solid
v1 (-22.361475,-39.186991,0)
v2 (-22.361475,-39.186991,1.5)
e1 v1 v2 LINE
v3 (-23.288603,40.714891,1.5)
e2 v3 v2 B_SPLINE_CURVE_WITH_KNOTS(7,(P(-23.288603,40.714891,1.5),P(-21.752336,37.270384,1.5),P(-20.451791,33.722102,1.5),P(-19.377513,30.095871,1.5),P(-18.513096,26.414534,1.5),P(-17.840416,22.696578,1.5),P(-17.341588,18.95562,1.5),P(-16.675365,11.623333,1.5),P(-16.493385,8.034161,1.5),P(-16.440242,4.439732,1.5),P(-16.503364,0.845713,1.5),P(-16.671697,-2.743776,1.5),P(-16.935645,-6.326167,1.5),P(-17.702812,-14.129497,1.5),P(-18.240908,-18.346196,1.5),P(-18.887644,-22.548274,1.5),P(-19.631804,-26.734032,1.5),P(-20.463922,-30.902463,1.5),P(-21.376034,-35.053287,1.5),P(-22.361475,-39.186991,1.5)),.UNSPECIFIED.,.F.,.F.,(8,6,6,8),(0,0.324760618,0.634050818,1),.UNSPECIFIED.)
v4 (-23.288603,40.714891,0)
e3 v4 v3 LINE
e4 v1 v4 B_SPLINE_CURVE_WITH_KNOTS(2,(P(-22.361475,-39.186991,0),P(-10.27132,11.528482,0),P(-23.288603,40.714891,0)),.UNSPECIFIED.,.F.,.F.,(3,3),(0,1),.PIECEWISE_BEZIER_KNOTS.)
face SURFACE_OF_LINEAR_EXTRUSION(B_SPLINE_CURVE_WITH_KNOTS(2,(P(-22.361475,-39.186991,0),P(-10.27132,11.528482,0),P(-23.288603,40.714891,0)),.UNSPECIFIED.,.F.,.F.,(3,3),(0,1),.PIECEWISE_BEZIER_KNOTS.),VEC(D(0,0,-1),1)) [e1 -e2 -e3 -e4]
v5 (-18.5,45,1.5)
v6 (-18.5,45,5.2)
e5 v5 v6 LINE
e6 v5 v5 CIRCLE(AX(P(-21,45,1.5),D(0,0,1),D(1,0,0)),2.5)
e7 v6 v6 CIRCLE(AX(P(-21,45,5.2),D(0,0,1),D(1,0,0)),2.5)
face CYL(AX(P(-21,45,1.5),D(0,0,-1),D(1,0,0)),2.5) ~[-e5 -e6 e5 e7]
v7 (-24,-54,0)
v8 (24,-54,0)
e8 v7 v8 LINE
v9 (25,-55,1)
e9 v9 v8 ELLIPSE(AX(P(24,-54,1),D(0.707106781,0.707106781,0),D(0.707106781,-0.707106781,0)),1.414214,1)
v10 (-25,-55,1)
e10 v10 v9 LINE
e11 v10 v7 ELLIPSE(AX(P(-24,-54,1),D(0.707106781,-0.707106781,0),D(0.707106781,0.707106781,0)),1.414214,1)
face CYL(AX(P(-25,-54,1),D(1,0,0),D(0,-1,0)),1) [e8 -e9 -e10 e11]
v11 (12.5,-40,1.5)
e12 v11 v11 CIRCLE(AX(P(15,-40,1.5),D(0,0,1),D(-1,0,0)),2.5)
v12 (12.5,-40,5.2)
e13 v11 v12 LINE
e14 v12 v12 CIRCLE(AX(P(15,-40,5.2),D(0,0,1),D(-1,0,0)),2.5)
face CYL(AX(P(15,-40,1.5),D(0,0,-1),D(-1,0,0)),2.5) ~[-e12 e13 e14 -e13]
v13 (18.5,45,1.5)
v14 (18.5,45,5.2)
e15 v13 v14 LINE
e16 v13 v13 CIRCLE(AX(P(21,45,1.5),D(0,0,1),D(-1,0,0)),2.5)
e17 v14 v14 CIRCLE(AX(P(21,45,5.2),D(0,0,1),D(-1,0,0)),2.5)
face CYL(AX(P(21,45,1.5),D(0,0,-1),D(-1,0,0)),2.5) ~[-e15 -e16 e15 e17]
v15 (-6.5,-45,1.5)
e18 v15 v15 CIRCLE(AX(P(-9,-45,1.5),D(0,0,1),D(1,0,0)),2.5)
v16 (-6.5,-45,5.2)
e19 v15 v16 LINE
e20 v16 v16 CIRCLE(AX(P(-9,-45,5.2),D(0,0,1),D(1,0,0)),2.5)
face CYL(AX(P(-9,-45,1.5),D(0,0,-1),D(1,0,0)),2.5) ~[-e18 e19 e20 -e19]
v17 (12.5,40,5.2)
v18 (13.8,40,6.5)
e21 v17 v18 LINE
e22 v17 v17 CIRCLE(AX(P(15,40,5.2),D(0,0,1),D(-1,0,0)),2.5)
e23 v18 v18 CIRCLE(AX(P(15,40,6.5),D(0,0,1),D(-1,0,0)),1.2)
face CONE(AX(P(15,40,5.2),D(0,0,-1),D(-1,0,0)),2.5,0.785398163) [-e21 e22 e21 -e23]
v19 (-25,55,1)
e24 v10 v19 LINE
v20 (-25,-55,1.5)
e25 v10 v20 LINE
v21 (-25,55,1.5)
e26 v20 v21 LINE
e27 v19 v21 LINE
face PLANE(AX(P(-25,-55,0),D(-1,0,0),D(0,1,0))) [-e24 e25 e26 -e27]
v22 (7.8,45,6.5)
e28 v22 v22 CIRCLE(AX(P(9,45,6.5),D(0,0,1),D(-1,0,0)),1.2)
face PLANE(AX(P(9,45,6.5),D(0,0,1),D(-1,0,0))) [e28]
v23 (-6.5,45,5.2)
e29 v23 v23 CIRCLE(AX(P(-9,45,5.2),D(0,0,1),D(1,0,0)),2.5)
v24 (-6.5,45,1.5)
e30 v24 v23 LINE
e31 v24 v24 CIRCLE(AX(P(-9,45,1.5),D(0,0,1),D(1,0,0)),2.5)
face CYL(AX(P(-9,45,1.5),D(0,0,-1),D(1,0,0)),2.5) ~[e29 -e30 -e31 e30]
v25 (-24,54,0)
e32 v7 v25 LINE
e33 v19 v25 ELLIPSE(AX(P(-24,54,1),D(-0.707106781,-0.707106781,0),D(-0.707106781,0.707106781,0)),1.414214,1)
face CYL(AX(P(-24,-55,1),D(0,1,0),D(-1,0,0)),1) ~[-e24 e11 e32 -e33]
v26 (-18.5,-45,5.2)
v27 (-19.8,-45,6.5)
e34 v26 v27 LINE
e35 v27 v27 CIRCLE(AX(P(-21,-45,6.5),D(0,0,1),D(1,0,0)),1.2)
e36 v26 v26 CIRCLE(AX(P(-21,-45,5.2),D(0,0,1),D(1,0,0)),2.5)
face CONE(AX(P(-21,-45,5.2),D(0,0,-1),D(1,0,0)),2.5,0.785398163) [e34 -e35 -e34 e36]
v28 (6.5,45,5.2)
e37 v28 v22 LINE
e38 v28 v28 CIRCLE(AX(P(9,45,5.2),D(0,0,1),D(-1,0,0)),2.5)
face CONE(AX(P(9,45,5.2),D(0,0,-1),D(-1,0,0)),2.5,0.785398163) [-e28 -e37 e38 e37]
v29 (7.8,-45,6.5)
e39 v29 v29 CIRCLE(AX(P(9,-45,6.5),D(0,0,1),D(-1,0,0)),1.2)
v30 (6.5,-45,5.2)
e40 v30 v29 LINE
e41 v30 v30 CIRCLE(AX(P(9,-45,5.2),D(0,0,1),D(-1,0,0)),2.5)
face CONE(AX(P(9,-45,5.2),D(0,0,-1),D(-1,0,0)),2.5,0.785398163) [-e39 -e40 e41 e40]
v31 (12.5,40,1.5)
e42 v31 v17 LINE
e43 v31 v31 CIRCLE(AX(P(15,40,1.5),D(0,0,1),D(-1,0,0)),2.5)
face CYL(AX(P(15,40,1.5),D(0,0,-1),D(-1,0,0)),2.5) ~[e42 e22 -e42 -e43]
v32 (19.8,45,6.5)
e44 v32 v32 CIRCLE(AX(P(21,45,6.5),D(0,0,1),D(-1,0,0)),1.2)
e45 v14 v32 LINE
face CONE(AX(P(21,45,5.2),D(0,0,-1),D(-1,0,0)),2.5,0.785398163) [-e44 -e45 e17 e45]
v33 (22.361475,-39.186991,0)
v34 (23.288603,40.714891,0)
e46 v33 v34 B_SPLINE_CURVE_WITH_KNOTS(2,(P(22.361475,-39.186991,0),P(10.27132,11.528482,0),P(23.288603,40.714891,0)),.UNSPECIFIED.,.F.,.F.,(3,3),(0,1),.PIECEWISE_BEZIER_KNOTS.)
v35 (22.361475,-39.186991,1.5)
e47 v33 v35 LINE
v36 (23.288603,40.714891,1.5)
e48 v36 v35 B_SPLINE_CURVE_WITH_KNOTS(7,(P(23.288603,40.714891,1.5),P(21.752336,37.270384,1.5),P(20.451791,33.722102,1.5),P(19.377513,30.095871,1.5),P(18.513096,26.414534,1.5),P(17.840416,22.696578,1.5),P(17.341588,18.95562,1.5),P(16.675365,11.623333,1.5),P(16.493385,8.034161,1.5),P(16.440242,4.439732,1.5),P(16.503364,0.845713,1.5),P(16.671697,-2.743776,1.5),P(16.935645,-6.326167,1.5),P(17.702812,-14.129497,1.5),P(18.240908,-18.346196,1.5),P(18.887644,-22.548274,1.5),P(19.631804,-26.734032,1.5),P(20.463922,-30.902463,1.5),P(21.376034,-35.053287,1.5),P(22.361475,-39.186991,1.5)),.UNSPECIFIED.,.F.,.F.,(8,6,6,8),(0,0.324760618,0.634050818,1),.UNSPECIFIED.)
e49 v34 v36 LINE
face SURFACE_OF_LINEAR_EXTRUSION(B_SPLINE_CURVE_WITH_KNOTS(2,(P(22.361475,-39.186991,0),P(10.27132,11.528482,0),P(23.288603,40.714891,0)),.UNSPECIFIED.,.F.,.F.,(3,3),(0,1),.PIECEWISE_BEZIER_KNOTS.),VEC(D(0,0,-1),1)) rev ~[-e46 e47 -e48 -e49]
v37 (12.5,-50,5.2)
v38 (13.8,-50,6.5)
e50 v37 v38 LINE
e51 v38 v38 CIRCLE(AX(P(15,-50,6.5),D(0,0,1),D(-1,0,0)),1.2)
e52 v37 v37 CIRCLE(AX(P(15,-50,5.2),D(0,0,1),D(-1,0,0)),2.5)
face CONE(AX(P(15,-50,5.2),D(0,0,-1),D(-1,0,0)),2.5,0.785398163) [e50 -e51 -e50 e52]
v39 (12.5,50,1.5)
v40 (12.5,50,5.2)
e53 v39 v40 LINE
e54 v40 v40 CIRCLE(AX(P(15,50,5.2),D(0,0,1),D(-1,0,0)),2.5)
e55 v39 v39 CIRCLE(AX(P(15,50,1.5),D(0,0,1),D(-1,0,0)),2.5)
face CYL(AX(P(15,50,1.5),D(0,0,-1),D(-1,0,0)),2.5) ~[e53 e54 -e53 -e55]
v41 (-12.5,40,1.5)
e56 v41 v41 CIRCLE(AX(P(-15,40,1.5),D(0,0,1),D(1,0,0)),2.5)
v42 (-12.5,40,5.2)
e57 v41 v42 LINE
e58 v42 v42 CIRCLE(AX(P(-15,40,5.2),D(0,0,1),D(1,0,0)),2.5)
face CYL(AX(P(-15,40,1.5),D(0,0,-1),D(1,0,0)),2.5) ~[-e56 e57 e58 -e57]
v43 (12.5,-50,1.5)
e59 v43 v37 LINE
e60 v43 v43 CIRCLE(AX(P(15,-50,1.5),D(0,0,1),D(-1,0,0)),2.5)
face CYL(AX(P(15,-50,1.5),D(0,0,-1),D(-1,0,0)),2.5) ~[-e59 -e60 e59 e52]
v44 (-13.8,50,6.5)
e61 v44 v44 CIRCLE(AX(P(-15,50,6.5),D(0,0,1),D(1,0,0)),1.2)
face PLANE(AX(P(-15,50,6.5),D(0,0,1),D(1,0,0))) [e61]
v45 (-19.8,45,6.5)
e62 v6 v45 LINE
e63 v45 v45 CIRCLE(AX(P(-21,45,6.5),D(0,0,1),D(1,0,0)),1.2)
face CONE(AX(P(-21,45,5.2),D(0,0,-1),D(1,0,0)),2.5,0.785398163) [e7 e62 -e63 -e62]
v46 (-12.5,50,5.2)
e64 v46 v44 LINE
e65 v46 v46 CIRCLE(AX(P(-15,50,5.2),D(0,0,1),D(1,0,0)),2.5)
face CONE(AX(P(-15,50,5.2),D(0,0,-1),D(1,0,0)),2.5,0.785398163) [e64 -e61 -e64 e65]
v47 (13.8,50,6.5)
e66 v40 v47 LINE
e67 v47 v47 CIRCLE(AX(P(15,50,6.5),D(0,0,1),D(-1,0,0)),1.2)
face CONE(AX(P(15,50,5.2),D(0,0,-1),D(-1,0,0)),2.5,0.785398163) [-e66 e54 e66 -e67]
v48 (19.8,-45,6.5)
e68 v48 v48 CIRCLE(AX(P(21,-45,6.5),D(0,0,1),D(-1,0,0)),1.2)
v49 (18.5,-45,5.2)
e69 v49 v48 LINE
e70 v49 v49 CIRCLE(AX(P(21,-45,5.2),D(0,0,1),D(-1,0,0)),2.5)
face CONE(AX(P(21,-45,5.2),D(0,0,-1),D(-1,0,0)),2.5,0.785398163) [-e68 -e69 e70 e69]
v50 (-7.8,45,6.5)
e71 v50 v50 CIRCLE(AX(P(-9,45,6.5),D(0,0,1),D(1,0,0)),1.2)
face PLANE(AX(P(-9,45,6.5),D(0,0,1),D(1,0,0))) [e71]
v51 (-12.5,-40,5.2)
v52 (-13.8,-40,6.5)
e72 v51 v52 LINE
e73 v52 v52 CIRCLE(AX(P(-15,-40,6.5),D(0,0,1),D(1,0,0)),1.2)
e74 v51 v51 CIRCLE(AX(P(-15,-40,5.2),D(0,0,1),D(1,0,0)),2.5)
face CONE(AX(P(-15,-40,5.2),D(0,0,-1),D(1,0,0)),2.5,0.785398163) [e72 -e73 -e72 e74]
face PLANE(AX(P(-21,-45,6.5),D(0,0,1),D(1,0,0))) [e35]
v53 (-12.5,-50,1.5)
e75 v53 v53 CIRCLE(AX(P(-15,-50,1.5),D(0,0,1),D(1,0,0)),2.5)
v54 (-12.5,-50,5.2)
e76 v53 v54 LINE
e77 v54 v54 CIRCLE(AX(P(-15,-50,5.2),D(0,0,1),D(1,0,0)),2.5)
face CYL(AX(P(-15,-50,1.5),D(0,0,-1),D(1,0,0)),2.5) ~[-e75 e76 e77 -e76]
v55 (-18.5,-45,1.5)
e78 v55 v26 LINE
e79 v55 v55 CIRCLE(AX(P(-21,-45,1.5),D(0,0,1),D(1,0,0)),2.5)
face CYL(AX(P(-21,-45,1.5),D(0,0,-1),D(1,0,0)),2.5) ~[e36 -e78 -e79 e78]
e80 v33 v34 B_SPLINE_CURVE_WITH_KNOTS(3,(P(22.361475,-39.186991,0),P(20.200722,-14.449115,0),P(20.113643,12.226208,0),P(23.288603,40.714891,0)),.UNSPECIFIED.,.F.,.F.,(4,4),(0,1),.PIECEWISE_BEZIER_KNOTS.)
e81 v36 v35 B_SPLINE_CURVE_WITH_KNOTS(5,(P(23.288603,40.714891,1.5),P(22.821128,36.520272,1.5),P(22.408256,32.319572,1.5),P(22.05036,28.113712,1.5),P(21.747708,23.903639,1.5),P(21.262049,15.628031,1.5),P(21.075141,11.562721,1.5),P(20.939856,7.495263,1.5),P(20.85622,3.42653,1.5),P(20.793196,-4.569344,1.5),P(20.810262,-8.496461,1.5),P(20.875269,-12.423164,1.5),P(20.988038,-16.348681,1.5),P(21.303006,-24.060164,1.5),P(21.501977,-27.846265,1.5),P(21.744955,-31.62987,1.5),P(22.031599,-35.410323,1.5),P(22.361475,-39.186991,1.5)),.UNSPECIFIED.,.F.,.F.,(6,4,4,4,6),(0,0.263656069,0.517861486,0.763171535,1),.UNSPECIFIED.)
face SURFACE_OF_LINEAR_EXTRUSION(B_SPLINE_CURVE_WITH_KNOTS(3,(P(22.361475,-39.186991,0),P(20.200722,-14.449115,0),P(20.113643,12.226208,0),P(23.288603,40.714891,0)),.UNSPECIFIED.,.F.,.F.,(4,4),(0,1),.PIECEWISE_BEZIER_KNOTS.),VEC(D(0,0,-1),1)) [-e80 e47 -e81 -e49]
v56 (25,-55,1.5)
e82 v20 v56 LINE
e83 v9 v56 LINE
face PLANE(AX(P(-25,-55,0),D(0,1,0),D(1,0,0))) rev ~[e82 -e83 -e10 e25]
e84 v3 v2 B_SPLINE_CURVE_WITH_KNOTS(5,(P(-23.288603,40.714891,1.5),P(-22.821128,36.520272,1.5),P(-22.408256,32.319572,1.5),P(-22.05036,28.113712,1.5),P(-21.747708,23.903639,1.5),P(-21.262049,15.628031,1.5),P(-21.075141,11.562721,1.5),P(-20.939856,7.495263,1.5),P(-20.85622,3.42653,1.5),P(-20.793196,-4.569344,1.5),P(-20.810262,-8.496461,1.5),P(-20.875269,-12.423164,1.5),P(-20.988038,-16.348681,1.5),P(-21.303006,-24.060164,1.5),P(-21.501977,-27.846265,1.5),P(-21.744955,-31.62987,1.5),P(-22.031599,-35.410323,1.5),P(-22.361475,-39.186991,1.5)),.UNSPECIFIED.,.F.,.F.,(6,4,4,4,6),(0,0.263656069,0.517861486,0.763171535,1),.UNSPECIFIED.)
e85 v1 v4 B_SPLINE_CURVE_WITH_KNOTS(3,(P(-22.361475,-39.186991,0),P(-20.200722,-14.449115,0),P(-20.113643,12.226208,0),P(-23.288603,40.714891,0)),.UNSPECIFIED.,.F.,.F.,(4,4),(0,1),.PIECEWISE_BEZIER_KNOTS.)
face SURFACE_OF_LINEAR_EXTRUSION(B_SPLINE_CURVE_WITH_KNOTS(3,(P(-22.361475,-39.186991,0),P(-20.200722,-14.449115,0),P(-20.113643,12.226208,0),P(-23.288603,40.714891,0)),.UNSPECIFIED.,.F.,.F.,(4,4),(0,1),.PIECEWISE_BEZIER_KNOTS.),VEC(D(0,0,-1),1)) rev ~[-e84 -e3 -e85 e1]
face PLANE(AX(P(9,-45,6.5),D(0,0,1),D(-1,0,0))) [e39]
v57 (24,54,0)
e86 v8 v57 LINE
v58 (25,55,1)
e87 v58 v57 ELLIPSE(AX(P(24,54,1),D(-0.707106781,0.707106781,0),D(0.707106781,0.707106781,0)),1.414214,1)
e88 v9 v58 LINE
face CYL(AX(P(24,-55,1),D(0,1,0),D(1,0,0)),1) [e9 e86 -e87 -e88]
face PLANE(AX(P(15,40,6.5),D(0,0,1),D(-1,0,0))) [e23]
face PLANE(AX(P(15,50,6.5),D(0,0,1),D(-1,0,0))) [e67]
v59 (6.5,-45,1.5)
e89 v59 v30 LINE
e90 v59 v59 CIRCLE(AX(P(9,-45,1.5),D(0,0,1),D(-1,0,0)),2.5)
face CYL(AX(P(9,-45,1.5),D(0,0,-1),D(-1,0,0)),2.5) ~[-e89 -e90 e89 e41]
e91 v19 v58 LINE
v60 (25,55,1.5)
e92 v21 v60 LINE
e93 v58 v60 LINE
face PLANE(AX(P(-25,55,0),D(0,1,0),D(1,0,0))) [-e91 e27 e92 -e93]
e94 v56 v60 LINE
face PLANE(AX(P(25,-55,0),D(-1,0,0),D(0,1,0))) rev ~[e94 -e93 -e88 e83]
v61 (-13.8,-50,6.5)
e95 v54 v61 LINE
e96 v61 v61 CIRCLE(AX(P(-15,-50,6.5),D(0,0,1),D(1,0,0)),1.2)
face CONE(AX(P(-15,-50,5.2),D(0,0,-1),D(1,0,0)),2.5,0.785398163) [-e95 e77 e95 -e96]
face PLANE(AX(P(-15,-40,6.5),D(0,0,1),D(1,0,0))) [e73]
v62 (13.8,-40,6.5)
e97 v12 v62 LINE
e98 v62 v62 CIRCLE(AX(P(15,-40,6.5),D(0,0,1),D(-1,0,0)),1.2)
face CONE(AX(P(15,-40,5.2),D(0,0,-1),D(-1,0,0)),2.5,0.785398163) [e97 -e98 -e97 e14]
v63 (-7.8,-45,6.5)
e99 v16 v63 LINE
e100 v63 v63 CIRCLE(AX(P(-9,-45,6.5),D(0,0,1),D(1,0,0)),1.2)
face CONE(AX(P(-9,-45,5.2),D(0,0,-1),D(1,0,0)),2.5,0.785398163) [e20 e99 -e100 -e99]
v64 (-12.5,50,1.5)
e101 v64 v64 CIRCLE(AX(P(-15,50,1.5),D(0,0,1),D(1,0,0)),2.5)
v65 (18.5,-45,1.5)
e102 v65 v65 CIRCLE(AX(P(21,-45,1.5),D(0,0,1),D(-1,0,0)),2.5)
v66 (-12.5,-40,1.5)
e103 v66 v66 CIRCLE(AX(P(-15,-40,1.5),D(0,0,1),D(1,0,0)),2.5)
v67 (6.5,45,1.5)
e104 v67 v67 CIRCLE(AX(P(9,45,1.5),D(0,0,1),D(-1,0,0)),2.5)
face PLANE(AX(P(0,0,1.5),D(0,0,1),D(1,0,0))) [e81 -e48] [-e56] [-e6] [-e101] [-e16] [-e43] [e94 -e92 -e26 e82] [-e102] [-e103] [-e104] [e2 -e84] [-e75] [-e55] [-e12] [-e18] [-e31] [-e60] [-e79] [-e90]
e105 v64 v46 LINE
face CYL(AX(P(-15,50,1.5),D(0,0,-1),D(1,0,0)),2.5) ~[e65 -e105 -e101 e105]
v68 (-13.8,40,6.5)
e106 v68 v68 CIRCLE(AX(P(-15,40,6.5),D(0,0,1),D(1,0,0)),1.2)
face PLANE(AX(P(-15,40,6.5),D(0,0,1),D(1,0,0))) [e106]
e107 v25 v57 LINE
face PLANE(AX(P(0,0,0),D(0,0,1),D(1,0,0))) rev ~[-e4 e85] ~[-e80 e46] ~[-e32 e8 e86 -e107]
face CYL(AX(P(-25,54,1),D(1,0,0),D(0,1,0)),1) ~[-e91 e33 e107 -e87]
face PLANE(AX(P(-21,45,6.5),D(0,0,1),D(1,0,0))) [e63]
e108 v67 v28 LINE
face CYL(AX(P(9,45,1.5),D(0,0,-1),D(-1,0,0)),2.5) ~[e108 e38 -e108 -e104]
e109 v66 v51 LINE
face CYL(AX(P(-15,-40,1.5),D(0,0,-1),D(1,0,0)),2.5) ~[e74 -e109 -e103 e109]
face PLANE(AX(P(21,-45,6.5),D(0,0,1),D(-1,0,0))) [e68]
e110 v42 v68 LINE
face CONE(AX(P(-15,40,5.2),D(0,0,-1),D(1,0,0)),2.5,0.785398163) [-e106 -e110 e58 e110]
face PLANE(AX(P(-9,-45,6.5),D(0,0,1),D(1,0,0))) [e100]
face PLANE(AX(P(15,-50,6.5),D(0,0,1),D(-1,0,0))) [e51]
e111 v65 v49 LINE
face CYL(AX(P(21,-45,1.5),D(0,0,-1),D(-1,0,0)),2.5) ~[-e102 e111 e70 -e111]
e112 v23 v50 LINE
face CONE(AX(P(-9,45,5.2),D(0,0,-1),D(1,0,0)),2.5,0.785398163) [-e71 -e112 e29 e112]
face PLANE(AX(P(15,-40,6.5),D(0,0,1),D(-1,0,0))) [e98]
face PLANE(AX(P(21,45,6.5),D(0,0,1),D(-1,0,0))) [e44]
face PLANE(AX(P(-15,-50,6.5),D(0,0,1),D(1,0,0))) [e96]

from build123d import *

# Parameters (mm, degrees)
CROQUIS1_W              = 50
CROQUIS1_H              = 110
SALIENTE_EXTRUIR1_DEPTH = 1.5
CROQUIS2_R              = 2.5
SALIENTE_EXTRUIR2_DEPTH = 5
CHAFL_N1_SIZE           = 1.3
REDONDEO1_R             = 1
CORTAR_EXTRUIR1_DEPTH   = 10


with BuildPart() as part:
    # Croquis1 → Saliente-Extruir1 (new body)
    with BuildSketch(Plane.XY):
        Rectangle(CROQUIS1_W, CROQUIS1_H)
    extrude(amount=SALIENTE_EXTRUIR1_DEPTH)

    # Croquis2 → Saliente-Extruir2 (add)
    with BuildSketch(Plane.XY.offset(1.5)):
        with Locations((-15, 50)):
            Circle(CROQUIS2_R)
        with Locations((-21, 45)):
            Circle(CROQUIS2_R)
        with Locations((-15, 40)):
            Circle(CROQUIS2_R)
        with Locations((-9, 45)):
            Circle(CROQUIS2_R)
        with Locations((-15, -40)):
            Circle(CROQUIS2_R)
        with Locations((-9, -45)):
            Circle(CROQUIS2_R)
        with Locations((-15, -50)):
            Circle(CROQUIS2_R)
        with Locations((-21, -45)):
            Circle(CROQUIS2_R)
        with Locations((21, -45)):
            Circle(CROQUIS2_R)
        with Locations((15, -50)):
            Circle(CROQUIS2_R)
        with Locations((9, -45)):
            Circle(CROQUIS2_R)
        with Locations((15, -40)):
            Circle(CROQUIS2_R)
        with Locations((21, 45)):
            Circle(CROQUIS2_R)
        with Locations((15, 50)):
            Circle(CROQUIS2_R)
        with Locations((9, 45)):
            Circle(CROQUIS2_R)
        with Locations((15, 40)):
            Circle(CROQUIS2_R)
    extrude(amount=SALIENTE_EXTRUIR2_DEPTH)

    # Chaflán1
    chafl_n1_edges = [part.edges().sort_by_distance(p)[0] for p in [
        (-23.5, 45, 6.5),
        (-17.5, 40, 6.5),
        (-17.5, 50, 6.5),
        (-11.5, 45, 6.5),
        (6.5, 45, 6.5),
        (12.5, 40, 6.5),
        (12.5, 50, 6.5),
        (18.5, 45, 6.5),
        (18.5, -45, 6.5),
        (12.5, -50, 6.5),
        (12.5, -40, 6.5),
        (6.5, -45, 6.5),
        (-11.5, -45, 6.5),
        (-17.5, -50, 6.5),
        (-17.5, -40, 6.5),
        (-23.5, -45, 6.5),
    ]]
    chamfer(chafl_n1_edges, length=CHAFL_N1_SIZE)

    # Redondeo1
    redondeo1_edges = [part.edges().sort_by_distance(p)[0] for p in [
        (0, 55, 0),
        (-25, 0, 0),
        (0, -55, 0),
        (25, 0, 0),
    ]]
    fillet(redondeo1_edges, radius=REDONDEO1_R)

    # Croquis3 → Cortar-Extruir1 (cut)
    with BuildSketch(Plane(origin=(0, 0, 0), x_dir=(-1, 0, 0), z_dir=(0, 0, -1))):
        with BuildLine():
            add(Edge.make_bspline(
                [(22.361475253, -39.186991388), (10.271319675, 11.528482347), (23.288602916, 40.714890738)],
                knots=[0, 0, 0, 1, 1, 1], degree=2))
            add(Edge.make_bspline(
                [(22.361475253, -39.186991388), (20.200722134, -14.449114626), (20.113642926, 12.226208442), (23.288602916, 40.714890738)],
                knots=[0, 0, 0, 0, 1, 1, 1, 1], degree=3))
        make_face()
        with BuildLine():
            add(Edge.make_bspline(
                [(-22.361475253, -39.186991388), (-20.200722134, -14.449114626), (-20.113642926, 12.226208442), (-23.288602916, 40.714890738)],
                knots=[0, 0, 0, 0, 1, 1, 1, 1], degree=3))
            add(Edge.make_bspline(
                [(-22.361475253, -39.186991388), (-10.271319675, 11.528482347), (-23.288602916, 40.714890738)],
                knots=[0, 0, 0, 1, 1, 1], degree=2))
        make_face()
    extrude(amount=-CORTAR_EXTRUIR1_DEPTH, mode=Mode.SUBTRACT)


solid = part.part
